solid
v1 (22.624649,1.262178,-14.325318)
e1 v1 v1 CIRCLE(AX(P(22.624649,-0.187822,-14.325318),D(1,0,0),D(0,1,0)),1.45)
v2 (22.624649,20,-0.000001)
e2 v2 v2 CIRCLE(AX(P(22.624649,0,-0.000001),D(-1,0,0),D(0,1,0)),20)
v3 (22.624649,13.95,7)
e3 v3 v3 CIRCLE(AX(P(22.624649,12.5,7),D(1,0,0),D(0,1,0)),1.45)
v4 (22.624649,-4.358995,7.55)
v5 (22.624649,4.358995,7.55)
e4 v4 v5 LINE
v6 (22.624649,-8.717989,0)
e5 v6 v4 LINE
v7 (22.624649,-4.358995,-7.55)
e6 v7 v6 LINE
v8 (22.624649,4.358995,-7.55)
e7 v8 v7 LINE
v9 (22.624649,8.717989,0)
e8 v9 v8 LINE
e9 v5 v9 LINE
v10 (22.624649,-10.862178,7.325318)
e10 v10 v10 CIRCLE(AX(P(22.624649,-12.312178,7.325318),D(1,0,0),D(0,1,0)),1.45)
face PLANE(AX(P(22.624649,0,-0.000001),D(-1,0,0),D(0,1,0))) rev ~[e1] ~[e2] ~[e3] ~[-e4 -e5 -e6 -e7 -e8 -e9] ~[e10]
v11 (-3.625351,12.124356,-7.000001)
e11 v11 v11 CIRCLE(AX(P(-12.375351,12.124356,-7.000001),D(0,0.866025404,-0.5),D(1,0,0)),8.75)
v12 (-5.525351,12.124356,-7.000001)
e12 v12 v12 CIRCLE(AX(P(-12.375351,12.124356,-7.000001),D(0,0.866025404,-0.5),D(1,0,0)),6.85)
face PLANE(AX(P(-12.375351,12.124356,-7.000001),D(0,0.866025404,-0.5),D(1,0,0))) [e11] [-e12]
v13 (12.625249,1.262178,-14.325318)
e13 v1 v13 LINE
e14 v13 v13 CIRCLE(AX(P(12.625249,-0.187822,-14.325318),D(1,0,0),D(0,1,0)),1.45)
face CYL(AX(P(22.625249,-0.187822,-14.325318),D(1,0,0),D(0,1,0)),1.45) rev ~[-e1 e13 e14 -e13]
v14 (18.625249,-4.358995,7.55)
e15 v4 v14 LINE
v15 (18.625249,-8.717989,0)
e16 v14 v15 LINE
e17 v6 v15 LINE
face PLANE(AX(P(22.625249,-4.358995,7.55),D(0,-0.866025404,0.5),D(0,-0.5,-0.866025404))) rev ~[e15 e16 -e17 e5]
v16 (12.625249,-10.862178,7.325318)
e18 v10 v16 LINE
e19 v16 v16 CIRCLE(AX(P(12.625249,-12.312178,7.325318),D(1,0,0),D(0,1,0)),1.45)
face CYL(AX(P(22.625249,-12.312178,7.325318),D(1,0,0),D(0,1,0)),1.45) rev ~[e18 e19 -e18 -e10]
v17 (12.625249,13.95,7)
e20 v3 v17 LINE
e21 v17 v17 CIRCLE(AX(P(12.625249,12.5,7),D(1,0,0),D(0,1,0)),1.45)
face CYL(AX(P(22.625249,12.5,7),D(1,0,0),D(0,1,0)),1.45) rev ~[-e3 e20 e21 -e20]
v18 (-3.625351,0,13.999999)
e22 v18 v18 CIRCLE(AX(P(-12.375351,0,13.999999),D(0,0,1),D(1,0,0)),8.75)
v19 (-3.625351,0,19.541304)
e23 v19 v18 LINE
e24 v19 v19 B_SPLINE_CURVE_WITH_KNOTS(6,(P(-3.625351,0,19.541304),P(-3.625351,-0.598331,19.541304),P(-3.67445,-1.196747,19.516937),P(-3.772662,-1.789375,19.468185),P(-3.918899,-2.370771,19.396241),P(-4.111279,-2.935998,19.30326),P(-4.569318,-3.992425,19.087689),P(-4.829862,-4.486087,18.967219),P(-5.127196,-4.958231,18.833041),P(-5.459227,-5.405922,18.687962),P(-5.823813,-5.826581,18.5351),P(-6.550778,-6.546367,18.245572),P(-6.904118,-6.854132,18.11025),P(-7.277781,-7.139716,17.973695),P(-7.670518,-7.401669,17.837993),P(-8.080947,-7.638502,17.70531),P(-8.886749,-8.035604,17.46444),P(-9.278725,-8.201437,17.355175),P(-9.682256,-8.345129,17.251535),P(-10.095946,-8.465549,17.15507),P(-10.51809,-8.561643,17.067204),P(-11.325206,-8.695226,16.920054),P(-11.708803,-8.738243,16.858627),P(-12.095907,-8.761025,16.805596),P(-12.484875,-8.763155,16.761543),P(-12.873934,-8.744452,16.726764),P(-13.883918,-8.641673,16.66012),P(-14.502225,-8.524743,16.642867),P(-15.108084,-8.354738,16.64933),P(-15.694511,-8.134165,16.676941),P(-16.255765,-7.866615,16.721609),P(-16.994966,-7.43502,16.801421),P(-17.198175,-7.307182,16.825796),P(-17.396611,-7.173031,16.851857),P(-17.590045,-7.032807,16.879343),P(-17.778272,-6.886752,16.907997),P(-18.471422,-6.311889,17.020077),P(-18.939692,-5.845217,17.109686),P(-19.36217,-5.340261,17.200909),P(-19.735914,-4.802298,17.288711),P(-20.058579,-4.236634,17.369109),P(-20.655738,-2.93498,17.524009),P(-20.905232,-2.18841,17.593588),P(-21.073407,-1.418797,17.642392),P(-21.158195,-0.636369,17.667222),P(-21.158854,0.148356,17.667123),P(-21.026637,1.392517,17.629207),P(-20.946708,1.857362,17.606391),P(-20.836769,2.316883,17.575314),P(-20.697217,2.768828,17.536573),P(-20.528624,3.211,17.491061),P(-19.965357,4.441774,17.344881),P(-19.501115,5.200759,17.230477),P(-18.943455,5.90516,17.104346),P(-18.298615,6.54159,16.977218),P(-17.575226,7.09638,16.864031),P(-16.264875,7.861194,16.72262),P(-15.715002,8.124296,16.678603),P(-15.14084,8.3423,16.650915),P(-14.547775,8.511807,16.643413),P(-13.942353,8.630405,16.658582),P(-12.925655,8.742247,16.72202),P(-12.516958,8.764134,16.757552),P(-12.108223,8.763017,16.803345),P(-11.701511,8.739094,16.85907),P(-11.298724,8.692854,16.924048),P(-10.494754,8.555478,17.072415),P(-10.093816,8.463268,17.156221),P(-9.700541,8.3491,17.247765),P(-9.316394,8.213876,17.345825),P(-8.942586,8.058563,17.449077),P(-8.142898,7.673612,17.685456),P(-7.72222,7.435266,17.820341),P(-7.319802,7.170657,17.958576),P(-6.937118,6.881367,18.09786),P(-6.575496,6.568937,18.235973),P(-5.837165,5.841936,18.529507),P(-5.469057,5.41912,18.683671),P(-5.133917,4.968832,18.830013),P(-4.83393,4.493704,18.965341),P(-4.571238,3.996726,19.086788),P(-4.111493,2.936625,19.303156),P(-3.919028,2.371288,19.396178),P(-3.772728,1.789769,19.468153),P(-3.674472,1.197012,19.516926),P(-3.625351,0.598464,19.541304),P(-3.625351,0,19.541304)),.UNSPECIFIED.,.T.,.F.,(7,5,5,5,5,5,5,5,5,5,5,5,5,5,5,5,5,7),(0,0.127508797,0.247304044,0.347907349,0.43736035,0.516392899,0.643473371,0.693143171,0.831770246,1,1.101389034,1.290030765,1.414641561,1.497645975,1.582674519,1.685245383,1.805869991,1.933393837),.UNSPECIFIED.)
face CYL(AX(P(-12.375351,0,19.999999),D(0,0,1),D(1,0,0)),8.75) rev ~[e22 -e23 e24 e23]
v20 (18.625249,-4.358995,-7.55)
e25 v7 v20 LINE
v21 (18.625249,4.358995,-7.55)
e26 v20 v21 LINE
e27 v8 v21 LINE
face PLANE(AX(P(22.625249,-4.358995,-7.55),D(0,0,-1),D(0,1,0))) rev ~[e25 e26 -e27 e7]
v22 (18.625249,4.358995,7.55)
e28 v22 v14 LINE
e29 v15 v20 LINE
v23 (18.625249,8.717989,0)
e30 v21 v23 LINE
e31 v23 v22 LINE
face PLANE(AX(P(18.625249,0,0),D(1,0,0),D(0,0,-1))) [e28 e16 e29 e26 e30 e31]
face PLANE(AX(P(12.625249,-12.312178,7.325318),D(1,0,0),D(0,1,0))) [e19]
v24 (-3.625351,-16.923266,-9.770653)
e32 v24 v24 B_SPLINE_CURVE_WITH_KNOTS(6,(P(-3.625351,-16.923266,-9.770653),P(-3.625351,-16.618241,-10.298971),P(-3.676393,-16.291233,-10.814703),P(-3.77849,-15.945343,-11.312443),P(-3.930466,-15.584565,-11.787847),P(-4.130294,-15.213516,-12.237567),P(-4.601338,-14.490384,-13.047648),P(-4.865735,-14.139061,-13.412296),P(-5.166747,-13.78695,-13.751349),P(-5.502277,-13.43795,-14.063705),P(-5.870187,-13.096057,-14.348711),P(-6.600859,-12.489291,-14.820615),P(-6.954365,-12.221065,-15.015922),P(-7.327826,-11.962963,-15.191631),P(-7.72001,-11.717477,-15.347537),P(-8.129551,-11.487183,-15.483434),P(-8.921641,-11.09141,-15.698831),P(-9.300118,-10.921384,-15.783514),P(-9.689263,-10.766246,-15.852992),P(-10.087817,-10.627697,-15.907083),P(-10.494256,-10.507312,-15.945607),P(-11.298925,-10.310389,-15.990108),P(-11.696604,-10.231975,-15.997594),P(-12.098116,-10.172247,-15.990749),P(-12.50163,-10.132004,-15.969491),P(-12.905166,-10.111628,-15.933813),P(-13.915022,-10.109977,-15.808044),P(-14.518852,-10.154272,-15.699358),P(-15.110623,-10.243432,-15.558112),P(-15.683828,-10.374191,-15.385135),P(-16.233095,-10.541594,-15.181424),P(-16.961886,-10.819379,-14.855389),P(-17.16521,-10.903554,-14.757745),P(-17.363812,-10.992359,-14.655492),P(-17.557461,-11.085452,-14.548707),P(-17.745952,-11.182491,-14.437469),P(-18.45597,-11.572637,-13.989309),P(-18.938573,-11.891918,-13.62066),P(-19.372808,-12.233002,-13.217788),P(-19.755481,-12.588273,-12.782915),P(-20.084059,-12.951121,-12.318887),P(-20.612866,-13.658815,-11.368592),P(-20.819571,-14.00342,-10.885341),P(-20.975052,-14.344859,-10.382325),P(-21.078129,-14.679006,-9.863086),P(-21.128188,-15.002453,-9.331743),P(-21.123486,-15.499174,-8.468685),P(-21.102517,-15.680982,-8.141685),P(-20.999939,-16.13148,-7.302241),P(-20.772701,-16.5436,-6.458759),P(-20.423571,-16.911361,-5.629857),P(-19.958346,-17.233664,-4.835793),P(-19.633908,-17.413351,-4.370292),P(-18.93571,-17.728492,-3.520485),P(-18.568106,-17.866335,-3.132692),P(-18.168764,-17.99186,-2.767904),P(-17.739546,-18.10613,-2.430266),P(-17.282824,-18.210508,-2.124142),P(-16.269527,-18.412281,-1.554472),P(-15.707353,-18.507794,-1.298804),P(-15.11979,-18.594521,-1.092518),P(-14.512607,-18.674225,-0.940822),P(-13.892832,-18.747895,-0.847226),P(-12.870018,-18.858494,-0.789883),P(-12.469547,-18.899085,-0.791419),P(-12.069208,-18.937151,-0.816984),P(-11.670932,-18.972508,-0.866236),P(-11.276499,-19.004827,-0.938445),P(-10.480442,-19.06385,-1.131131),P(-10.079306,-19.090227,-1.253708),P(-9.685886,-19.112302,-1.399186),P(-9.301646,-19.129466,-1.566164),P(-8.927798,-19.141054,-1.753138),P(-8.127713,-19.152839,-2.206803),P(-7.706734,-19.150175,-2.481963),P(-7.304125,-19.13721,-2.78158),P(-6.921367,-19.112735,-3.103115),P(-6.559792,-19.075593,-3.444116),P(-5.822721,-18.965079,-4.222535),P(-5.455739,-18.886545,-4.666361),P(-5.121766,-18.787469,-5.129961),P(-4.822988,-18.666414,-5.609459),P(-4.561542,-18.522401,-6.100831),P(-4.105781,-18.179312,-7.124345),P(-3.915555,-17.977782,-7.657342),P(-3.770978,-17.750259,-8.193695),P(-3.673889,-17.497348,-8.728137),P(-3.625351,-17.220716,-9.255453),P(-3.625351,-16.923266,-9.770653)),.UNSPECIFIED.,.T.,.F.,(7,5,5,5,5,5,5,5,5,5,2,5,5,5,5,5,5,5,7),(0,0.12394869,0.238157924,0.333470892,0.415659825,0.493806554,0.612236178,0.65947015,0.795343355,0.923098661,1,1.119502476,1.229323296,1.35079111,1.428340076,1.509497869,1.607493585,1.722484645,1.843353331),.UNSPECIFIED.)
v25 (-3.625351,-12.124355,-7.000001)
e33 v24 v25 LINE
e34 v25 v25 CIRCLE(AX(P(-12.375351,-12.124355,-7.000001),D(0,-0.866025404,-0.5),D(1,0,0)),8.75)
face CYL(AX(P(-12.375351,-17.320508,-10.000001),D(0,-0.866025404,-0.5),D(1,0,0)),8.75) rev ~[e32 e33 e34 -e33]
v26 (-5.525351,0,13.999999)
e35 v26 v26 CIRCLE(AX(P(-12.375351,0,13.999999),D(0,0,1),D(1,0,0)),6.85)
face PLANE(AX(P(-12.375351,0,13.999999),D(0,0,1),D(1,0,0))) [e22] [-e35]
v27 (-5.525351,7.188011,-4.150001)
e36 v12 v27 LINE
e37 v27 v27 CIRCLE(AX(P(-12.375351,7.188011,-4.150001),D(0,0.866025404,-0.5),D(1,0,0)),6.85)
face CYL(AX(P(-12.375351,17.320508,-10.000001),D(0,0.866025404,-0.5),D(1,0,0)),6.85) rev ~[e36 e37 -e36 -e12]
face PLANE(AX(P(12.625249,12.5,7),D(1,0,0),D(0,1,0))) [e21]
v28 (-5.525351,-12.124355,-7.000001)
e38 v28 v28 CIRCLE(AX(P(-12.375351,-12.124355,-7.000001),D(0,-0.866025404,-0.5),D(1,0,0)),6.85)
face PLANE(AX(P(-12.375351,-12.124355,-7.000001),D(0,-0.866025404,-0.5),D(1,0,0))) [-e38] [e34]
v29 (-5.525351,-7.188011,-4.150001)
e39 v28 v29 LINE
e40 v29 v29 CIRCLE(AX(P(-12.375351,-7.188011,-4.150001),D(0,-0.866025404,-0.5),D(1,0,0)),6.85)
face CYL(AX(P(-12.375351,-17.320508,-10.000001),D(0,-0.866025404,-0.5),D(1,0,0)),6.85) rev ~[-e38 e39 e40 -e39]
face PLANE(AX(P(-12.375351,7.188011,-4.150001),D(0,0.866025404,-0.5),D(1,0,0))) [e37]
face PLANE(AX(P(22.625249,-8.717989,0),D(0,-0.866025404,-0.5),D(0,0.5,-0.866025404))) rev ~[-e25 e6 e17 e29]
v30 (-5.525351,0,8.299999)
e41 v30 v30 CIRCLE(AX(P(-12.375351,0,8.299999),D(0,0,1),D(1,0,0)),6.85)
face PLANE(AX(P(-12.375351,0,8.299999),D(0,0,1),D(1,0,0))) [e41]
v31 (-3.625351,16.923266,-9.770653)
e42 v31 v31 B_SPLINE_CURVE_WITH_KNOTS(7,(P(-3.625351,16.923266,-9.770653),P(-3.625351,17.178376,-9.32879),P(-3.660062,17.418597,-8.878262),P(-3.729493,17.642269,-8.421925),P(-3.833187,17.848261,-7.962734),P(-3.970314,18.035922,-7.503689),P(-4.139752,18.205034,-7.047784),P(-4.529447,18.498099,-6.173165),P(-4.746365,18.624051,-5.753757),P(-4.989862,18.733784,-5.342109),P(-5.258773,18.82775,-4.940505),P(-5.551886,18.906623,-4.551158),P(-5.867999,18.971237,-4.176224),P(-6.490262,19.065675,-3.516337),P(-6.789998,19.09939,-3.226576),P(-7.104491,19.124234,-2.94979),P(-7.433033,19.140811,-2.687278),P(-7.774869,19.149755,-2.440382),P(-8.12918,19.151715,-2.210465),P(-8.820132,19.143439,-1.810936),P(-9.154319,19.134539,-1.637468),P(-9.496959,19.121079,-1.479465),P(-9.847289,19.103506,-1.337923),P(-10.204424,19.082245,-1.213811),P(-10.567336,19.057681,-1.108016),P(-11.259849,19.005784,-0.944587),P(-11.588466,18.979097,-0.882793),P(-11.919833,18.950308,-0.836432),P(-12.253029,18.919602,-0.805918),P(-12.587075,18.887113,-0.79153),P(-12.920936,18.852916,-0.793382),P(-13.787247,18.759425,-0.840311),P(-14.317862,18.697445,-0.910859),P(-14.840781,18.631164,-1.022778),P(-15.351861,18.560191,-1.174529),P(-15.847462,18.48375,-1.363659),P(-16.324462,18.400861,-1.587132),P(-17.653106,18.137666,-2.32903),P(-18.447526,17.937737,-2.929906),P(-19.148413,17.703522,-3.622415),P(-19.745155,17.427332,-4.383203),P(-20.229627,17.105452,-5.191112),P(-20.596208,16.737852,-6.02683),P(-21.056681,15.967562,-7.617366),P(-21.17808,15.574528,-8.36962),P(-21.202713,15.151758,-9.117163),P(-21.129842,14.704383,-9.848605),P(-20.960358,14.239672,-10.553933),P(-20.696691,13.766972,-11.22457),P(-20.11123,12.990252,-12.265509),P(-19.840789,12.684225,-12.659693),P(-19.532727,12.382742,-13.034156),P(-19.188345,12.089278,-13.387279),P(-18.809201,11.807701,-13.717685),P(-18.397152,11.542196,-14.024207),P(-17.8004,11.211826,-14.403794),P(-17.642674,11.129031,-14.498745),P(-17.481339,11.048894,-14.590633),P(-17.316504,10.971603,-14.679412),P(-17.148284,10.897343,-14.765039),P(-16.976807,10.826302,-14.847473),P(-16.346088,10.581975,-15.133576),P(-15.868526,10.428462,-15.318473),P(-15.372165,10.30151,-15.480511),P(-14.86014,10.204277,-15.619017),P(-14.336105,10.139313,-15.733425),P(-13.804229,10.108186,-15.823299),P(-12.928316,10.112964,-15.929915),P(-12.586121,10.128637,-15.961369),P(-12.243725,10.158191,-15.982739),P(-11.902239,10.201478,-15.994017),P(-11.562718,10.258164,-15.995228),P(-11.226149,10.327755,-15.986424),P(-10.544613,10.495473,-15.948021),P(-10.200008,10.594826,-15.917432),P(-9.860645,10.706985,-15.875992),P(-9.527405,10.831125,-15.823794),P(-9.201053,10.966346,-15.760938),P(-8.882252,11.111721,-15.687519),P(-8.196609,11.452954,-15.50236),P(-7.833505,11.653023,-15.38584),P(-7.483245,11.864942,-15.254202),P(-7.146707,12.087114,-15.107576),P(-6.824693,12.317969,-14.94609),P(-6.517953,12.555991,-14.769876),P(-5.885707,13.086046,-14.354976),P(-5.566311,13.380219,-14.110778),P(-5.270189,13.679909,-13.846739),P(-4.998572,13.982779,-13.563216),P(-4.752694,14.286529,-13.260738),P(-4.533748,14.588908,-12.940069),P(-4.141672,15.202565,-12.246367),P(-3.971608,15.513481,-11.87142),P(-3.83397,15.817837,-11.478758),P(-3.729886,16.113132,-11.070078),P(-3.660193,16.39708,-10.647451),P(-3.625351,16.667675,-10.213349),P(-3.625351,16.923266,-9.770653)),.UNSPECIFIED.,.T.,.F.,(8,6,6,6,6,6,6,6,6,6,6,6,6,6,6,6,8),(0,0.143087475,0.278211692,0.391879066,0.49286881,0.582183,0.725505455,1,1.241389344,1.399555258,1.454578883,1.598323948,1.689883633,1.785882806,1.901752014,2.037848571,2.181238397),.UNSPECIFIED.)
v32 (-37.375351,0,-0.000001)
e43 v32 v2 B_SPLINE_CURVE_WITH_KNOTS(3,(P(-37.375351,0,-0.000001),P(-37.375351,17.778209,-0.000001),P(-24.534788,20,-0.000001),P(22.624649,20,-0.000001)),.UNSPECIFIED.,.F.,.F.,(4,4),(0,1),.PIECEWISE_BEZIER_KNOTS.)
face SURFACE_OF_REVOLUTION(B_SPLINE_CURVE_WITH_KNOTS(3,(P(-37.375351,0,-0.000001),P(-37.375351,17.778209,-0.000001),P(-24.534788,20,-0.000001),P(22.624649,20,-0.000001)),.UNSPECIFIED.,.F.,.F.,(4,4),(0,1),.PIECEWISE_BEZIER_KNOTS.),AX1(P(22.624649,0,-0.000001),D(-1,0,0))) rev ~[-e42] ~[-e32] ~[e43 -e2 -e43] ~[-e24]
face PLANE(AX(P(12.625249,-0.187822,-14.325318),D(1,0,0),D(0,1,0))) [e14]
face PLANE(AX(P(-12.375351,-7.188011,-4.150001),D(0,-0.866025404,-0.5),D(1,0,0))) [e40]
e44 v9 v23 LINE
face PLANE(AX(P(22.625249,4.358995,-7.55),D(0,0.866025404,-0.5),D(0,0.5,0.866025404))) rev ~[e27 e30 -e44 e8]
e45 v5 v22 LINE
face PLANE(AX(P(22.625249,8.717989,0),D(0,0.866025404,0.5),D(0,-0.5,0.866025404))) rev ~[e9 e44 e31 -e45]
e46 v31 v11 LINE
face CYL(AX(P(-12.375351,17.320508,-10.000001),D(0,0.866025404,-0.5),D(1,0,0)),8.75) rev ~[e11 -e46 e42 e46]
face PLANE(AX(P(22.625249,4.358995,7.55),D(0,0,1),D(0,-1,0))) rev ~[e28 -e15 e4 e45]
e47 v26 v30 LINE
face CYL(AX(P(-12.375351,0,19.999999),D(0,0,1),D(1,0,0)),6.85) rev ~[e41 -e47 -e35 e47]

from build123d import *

# Parameters (mm, degrees)
SKETCH3_R          = 0.685
CUT_EXTRUDE1_DEPTH = 1.17
SKETCH4_R          = 0.875
CUT_EXTRUDE2_DEPTH = 0.6
CIRPATTERN1_COUNT  = 3
SCALE1_SCALE       = 10
CUT_EXTRUDE3_DEPTH = 4
SKETCH8_R          = 1.45
CUT_EXTRUDE4_DEPTH = 10


with BuildPart() as part:
    # Sketch1 → Revolve1 (revolve)
    with BuildSketch(Plane.XY):
        with BuildLine():
            Line((0, 0), (-6, 0))
            add(Edge.make_bspline(
                [(-6, 0), (-6, 1.777820911), (-4.715943748, 2), (0, 2)],
                knots=[0, 0, 0, 0, 1, 1, 1, 1], degree=3))
            Line((0, 2), (0, 0))
        make_face()
    revolve(axis=Axis((0, 0, 0), (-1, 0, 0)))

    # Sketch3 → Cut-Extrude1 (cut)
    with BuildSketch(Plane.XY.offset(2)):
        with Locations((-3.5, 0)):
            Circle(SKETCH3_R)
    cut_extrude1 = extrude(amount=-CUT_EXTRUDE1_DEPTH, mode=Mode.SUBTRACT)

    # Sketch4 → Cut-Extrude2 (cut)
    with BuildSketch(Plane.XY.offset(2)):
        with Locations((-3.5, 0)):
            Circle(SKETCH4_R)
    cut_extrude2 = extrude(amount=-CUT_EXTRUDE2_DEPTH, mode=Mode.SUBTRACT)

    # CirPattern1: Cut-Extrude1, Cut-Extrude2 ×3 about axis
    cirpattern1_axis = Axis((0, 0, 0), (1, 0, 0))
    add([cut_extrude1.rotate(cirpattern1_axis, i * 360 / CIRPATTERN1_COUNT) for i in range(1, CIRPATTERN1_COUNT)], mode=Mode.SUBTRACT)
    add([cut_extrude2.rotate(cirpattern1_axis, i * 360 / CIRPATTERN1_COUNT) for i in range(1, CIRPATTERN1_COUNT)], mode=Mode.SUBTRACT)


with BuildPart() as part_1:
    # Scale1: scaled about (-2.513849937, -2.1e-08, 6.5e-08)
    add(part.part.scale(SCALE1_SCALE).moved(Location((22.624649433, 1.89e-07, -5.85e-07))))

    # Sketch7 → Cut-Extrude3 (cut)
    with BuildSketch(Plane(origin=(22.625249359, 0, 0), x_dir=(0, 0, -1), z_dir=(1, 0, 0))):
        Polygon((0, 8.717989065), (-7.55, 4.358994532), (-7.55, -4.358994532), (0, -8.717989065), (7.55, -4.358994532), (7.55, 4.358994532), align=None)
    extrude(amount=-CUT_EXTRUDE3_DEPTH, mode=Mode.SUBTRACT)

    # Sketch8 → Cut-Extrude4 (cut)
    with BuildSketch(Plane(origin=(22.625249359, 0, 0), x_dir=(0, 0, -1), z_dir=(1, 0, 0))):
        with Locations(Location((-7, 12.5, 0), (0, 0, 90))):
            Circle(SKETCH8_R)
        with Locations(Location((14.325317547, -0.187822174, 0), (0, 0, 90))):
            Circle(SKETCH8_R)
        with Locations(Location((-7.325317547, -12.312177826, 0), (0, 0, 90))):
            Circle(SKETCH8_R)
    extrude(amount=-CUT_EXTRUDE4_DEPTH, mode=Mode.SUBTRACT)


solid = part_1.part
